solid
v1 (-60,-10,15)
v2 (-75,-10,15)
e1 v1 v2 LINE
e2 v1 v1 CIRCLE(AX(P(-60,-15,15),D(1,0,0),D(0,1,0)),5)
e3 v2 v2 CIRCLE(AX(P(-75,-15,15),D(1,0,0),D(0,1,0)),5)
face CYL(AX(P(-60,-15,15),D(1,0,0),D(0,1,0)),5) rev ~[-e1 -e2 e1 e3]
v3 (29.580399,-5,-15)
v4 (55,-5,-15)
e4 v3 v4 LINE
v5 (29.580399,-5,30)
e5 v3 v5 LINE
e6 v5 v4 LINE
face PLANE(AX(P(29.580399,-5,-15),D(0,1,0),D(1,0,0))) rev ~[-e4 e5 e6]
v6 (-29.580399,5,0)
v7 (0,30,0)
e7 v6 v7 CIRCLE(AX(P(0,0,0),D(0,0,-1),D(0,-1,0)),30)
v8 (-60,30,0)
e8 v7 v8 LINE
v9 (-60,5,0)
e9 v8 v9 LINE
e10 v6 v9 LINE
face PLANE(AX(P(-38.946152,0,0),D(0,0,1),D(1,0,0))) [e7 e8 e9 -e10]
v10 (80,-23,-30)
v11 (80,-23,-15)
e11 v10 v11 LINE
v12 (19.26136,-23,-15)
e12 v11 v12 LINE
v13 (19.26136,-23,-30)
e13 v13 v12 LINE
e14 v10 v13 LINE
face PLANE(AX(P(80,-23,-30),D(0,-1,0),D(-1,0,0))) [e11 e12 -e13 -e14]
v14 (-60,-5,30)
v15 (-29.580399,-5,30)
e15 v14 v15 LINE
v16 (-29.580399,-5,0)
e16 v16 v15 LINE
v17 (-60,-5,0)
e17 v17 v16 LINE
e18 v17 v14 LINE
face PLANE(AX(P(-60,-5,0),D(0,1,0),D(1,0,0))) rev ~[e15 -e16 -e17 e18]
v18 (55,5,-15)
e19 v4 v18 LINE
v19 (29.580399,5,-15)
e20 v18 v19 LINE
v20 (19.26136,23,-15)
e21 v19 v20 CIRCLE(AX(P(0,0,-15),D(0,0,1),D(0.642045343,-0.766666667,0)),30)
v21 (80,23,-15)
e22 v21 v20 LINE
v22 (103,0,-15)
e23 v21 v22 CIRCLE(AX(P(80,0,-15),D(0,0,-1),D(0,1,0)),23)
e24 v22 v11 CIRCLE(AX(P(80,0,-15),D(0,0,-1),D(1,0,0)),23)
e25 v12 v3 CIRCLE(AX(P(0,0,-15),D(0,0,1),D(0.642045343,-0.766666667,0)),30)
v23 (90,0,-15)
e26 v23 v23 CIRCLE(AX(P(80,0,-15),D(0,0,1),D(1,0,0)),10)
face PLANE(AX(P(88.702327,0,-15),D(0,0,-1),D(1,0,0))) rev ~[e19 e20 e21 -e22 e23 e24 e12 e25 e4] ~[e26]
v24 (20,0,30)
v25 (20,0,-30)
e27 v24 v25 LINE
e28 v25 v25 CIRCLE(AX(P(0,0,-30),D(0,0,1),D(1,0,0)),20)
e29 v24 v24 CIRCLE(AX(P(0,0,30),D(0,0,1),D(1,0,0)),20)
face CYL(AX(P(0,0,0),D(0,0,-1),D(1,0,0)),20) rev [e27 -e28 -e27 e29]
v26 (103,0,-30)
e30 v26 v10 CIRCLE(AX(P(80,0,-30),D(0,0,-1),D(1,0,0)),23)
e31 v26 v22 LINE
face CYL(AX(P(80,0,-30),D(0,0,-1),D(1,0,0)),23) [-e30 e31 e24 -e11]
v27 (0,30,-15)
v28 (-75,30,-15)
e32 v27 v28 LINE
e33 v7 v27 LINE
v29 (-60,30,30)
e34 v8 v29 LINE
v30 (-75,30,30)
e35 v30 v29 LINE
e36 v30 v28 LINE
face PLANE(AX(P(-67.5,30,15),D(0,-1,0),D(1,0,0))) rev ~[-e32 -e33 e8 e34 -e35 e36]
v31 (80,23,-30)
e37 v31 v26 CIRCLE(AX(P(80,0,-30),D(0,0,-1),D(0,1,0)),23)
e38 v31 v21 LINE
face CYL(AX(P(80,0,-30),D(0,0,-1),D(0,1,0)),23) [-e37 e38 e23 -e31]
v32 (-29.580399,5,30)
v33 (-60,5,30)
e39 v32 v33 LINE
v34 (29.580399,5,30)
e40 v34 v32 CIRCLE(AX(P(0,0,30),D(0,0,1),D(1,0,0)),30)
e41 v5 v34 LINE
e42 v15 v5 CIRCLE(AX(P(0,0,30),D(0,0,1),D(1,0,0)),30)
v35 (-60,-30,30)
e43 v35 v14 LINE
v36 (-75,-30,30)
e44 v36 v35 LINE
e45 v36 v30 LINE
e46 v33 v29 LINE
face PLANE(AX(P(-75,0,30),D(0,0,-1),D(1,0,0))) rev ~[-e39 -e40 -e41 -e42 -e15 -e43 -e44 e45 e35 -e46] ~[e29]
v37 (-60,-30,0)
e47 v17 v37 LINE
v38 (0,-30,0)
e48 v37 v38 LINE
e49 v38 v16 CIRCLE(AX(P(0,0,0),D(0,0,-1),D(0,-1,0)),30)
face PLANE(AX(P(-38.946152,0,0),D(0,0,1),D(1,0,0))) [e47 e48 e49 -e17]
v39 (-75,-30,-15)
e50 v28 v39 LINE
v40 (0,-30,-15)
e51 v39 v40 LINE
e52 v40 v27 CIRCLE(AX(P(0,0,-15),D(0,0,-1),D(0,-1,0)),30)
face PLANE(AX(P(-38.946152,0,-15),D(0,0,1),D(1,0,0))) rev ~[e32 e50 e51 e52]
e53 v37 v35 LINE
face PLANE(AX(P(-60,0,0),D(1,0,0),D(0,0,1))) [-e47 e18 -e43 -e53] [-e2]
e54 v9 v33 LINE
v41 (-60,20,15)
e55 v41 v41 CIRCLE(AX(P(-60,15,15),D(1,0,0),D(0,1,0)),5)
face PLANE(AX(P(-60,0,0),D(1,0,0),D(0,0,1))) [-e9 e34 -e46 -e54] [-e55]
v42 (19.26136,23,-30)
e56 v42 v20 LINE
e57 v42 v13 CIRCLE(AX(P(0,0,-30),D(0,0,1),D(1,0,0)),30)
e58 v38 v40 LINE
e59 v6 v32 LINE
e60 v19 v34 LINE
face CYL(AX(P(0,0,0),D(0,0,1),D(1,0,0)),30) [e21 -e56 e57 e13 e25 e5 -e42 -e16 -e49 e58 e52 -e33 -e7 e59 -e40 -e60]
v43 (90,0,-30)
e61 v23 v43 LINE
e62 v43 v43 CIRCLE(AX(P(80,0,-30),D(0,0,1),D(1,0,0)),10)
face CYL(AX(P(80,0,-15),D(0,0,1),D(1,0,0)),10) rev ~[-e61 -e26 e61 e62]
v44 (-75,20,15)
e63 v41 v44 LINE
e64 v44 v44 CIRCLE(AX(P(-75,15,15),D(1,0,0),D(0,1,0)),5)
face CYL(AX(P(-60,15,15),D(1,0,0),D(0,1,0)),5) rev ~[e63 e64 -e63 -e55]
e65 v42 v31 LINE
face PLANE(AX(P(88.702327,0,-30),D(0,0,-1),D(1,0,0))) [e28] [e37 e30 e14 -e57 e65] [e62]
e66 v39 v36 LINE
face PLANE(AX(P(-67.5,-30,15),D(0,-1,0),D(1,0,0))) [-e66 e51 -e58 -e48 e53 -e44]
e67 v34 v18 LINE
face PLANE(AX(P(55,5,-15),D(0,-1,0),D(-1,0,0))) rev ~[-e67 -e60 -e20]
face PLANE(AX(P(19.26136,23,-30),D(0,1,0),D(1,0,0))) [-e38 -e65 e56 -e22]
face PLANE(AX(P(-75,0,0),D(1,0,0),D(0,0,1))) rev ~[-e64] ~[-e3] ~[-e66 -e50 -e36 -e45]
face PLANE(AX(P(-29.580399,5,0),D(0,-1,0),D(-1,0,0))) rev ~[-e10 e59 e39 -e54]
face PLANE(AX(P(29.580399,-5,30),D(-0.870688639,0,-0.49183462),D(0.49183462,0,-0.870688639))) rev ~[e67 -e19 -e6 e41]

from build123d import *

# Parameters (mm, degrees)
F0_R      = 30
F0_R_2    = 20
F1_DEPTH  = 30
F3_DEPTH  = 15
F4_R      = 10
F5_DEPTH  = 25
F7_DEPTH  = 45
F9_DEPTH  = 35.001
F11_DEPTH = 15
F12_W     = 15
F12_H     = 30
F13_DEPTH = 30
F15_DEPTH = 30
F16_R     = 5
F17_DEPTH = 15.001


with BuildPart() as f1:
    # F0 (on Top) → F1 (new body, symmetric)
    with BuildSketch(Plane.XY):
        Circle(F0_R)
        Circle(F0_R_2, mode=Mode.SUBTRACT)
    extrude(amount=F1_DEPTH, both=True)

    # F2 (on face) → F3 (join)
    with BuildSketch(Plane(origin=(0, 0, -30), x_dir=(1, 0, 0), z_dir=(0, 0, -1))):
        with BuildLine():
            ThreePointArc((103, 0), (96.2634559673, 16.2634559673), (80, 23))
            Line((80, 23), (80, -23))
            ThreePointArc((80, -23), (96.2634559673, -16.2634559673), (103, 0))
        make_face()
        with BuildLine():
            ThreePointArc((80, -23), (57, 0), (80, 23))
            Line((80, 23), (19.2613602843, 23))
            ThreePointArc((19.2613602843, 23), (30, 0), (19.2613602843, -23))
            Line((19.2613602843, -23), (80, -23))
        make_face()
        with BuildLine():
            Line((80, -23), (80, 23))
            ThreePointArc((80, 23), (57, 0), (80, -23))
        make_face()
    extrude(amount=-F3_DEPTH)

    # F4 (on face) → F5 (cut)
    with BuildSketch(Plane.XY.offset(-15)):
        with Locations((80, 0)):
            Circle(F4_R)
    extrude(amount=-F5_DEPTH, mode=Mode.SUBTRACT)

    # F6 (on face) → F7 (join)
    with BuildSketch(Plane.XY.offset(-15)):
        with BuildLine():
            Line((55, 5), (29.5803989155, 5))
            ThreePointArc((29.5803989155, 5), (30, 0), (29.5803989155, -5))
            Line((29.5803989155, -5), (55, -5))
            Line((55, -5), (55, 5))
        make_face()
    extrude(amount=F7_DEPTH)

    # F8 (on face) → F9 (cut, through all)
    with BuildSketch(Plane.XZ.offset(5)):
        Polygon((29.5803989155, 30), (55, -15), (55, 30), align=None)
    extrude(amount=-F9_DEPTH, mode=Mode.SUBTRACT)

    # F10 (on Top) → F11 (join)
    with BuildSketch(Plane.XY):
        with BuildLine():
            ThreePointArc((0, -30), (-30, 0), (0, 30))
            Line((0, 30), (-75, 30))
            Line((-75, 30), (-75, -30))
            Line((-75, -30), (0, -30))
        make_face()
    extrude(amount=-F11_DEPTH)

    # F12 (on Front) → F13 (join, symmetric)
    with BuildSketch(Plane.XZ):
        with Locations((-67.5, 15)):
            Rectangle(F12_W, F12_H)
    extrude(amount=F13_DEPTH, both=True)

    # F14 (on Top) → F15 (join)
    with BuildSketch(Plane.XY):
        with BuildLine():
            Line((-29.5803989155, 5), (-60, 5))
            Line((-60, 5), (-60, -5))
            Line((-60, -5), (-29.5803989155, -5))
            ThreePointArc((-29.5803989155, -5), (-30, 0), (-29.5803989155, 5))
        make_face()
    extrude(amount=F15_DEPTH)

    # F16 (on face) → F17 (cut, through all)
    with BuildSketch(Plane.YZ.offset(-60)):
        with Locations((-15, 15)):
            Circle(F16_R)
        with Locations((15, 15)):
            Circle(F16_R)
    extrude(amount=-F17_DEPTH, mode=Mode.SUBTRACT)


solid = f1.part
